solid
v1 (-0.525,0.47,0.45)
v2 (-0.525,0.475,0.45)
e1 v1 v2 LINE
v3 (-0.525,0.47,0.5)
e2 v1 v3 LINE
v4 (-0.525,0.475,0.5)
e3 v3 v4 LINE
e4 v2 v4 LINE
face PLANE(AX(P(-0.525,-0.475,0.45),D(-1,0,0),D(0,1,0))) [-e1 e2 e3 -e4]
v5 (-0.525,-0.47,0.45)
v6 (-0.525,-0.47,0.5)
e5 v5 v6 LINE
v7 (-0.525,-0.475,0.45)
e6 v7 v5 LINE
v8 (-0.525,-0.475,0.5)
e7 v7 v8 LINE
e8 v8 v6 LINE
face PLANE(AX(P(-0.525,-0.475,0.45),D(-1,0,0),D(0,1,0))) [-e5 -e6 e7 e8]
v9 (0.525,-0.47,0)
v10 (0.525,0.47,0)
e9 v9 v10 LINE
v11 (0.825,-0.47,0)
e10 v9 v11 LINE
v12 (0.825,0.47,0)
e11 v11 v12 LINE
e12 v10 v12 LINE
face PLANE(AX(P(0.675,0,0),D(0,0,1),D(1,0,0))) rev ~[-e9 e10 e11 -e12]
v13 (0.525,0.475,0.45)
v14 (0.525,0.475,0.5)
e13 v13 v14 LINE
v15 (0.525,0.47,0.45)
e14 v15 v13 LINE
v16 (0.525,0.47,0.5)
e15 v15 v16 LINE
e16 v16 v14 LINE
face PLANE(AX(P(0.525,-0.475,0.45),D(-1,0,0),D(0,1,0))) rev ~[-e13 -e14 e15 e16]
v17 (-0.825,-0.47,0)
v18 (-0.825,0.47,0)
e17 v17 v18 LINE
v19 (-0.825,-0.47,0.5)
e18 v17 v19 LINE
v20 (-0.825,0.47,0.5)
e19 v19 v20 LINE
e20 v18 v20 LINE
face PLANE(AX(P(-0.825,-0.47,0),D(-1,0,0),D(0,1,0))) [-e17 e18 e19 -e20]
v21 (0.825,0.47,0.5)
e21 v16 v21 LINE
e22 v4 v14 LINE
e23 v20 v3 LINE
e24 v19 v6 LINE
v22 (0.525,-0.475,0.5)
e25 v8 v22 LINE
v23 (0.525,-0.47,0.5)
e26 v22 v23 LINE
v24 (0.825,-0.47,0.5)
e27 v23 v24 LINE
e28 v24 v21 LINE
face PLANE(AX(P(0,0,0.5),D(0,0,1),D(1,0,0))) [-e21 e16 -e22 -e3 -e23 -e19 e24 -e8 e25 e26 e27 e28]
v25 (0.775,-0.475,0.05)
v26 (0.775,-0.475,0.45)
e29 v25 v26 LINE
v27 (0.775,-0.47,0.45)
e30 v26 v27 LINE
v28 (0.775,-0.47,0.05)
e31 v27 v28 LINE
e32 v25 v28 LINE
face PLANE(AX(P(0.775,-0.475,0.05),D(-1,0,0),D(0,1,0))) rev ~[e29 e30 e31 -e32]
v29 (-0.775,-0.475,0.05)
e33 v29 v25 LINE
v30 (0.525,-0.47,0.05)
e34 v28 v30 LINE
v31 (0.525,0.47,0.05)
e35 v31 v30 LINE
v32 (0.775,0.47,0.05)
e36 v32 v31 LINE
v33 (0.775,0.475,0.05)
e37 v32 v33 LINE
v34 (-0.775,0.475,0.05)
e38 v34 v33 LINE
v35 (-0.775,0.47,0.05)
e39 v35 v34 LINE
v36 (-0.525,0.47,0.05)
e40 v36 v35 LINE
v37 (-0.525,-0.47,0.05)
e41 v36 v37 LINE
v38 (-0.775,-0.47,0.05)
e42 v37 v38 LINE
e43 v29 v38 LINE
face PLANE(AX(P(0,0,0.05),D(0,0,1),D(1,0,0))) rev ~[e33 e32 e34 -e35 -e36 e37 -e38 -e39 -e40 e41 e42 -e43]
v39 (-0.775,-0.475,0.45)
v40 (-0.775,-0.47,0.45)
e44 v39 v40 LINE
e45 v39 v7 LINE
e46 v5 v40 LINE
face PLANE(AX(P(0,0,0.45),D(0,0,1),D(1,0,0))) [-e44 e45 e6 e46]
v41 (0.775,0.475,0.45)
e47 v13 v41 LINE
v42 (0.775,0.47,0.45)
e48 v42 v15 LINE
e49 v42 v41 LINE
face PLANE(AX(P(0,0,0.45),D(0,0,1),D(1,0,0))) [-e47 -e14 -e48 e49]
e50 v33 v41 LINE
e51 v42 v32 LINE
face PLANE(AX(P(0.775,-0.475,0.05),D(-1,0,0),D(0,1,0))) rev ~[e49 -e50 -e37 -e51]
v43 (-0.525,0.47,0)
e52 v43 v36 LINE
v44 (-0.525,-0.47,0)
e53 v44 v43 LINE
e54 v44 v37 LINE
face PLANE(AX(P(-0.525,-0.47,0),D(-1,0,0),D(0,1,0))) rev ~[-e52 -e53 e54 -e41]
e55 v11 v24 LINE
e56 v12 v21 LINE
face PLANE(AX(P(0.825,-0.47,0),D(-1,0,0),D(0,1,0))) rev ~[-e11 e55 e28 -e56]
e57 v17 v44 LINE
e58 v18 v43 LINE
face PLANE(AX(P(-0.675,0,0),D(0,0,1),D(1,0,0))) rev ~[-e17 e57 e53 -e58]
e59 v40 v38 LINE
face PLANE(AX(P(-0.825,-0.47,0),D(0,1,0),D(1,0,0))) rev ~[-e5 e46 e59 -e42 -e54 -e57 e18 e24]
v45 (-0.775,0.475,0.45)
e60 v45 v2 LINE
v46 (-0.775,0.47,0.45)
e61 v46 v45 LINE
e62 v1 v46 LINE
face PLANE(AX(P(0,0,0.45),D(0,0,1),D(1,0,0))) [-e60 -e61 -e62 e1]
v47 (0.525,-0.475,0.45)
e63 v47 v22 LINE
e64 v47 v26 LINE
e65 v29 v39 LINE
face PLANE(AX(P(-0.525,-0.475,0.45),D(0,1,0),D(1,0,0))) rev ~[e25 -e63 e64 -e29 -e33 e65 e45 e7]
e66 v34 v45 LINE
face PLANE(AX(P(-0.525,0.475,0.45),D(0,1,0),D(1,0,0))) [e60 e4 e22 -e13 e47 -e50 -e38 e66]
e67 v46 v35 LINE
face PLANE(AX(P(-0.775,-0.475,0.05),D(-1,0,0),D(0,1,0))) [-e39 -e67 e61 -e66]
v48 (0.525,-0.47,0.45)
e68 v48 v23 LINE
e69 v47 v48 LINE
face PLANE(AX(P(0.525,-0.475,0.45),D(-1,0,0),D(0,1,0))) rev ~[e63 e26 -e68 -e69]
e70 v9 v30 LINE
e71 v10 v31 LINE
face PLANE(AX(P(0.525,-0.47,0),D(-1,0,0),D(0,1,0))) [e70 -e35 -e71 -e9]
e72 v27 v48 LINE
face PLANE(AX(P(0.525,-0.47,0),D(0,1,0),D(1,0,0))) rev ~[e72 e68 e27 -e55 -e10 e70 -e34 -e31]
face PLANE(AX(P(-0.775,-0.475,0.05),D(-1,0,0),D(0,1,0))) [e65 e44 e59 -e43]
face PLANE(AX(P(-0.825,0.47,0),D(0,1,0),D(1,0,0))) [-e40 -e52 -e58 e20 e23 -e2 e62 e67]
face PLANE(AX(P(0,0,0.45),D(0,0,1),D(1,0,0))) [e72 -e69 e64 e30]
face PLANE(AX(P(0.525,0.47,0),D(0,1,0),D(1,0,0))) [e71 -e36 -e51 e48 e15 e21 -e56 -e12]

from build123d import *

# Parameters (mm, degrees)
PLATING_LEFT_W      = 0.3
PLATING_LEFT_H      = 0.94
PLATING_LEFT_DEPTH  = 0.5
PLATING_RIGHT_W     = 0.3
PLATING_RIGHT_H     = 0.94
PLATING_RIGHT_DEPTH = 0.5
MARKING_W           = 1.05
MARKING_H           = 0.95
MARKING_DEPTH       = 0.05
CHIP_W              = 1.55
CHIP_H              = 0.95
CHIP_DEPTH          = 0.4


with BuildPart() as plating_left:
    # plating_left → plating_left (new body)
    with BuildSketch(Plane(origin=(-0.825, -0.47, 0), x_dir=(1, 0, 0), z_dir=(0, 0, 1))):
        with Locations((0.15, 0.47)):
            Rectangle(PLATING_LEFT_W, PLATING_LEFT_H)
    extrude(amount=PLATING_LEFT_DEPTH)


with BuildPart() as plating_right:
    # plating_right → plating_right (new body)
    with BuildSketch(Plane(origin=(0.525, -0.47, 0), x_dir=(1, 0, 0), z_dir=(0, 0, 1))):
        with Locations((0.15, 0.47)):
            Rectangle(PLATING_RIGHT_W, PLATING_RIGHT_H)
    extrude(amount=PLATING_RIGHT_DEPTH)


with BuildPart() as marking:
    # marking → marking (new body)
    with BuildSketch(Plane(origin=(-0.525, -0.475, 0.45), x_dir=(1, 0, 0), z_dir=(0, 0, 1))):
        with Locations((0.525, 0.475)):
            Rectangle(MARKING_W, MARKING_H)
    extrude(amount=MARKING_DEPTH)


with BuildPart() as resistor:
    # chip → chip (new body)
    with BuildSketch(Plane(origin=(-0.775, -0.475, 0.05), x_dir=(1, 0, 0), z_dir=(0, 0, 1))):
        with Locations((0.775, 0.475)):
            Rectangle(CHIP_W, CHIP_H)
    extrude(amount=CHIP_DEPTH)

    # resistor: union plating_left, plating_right, marking
    add(plating_left.part)
    add(plating_right.part)
    add(marking.part)


solid = resistor.part
